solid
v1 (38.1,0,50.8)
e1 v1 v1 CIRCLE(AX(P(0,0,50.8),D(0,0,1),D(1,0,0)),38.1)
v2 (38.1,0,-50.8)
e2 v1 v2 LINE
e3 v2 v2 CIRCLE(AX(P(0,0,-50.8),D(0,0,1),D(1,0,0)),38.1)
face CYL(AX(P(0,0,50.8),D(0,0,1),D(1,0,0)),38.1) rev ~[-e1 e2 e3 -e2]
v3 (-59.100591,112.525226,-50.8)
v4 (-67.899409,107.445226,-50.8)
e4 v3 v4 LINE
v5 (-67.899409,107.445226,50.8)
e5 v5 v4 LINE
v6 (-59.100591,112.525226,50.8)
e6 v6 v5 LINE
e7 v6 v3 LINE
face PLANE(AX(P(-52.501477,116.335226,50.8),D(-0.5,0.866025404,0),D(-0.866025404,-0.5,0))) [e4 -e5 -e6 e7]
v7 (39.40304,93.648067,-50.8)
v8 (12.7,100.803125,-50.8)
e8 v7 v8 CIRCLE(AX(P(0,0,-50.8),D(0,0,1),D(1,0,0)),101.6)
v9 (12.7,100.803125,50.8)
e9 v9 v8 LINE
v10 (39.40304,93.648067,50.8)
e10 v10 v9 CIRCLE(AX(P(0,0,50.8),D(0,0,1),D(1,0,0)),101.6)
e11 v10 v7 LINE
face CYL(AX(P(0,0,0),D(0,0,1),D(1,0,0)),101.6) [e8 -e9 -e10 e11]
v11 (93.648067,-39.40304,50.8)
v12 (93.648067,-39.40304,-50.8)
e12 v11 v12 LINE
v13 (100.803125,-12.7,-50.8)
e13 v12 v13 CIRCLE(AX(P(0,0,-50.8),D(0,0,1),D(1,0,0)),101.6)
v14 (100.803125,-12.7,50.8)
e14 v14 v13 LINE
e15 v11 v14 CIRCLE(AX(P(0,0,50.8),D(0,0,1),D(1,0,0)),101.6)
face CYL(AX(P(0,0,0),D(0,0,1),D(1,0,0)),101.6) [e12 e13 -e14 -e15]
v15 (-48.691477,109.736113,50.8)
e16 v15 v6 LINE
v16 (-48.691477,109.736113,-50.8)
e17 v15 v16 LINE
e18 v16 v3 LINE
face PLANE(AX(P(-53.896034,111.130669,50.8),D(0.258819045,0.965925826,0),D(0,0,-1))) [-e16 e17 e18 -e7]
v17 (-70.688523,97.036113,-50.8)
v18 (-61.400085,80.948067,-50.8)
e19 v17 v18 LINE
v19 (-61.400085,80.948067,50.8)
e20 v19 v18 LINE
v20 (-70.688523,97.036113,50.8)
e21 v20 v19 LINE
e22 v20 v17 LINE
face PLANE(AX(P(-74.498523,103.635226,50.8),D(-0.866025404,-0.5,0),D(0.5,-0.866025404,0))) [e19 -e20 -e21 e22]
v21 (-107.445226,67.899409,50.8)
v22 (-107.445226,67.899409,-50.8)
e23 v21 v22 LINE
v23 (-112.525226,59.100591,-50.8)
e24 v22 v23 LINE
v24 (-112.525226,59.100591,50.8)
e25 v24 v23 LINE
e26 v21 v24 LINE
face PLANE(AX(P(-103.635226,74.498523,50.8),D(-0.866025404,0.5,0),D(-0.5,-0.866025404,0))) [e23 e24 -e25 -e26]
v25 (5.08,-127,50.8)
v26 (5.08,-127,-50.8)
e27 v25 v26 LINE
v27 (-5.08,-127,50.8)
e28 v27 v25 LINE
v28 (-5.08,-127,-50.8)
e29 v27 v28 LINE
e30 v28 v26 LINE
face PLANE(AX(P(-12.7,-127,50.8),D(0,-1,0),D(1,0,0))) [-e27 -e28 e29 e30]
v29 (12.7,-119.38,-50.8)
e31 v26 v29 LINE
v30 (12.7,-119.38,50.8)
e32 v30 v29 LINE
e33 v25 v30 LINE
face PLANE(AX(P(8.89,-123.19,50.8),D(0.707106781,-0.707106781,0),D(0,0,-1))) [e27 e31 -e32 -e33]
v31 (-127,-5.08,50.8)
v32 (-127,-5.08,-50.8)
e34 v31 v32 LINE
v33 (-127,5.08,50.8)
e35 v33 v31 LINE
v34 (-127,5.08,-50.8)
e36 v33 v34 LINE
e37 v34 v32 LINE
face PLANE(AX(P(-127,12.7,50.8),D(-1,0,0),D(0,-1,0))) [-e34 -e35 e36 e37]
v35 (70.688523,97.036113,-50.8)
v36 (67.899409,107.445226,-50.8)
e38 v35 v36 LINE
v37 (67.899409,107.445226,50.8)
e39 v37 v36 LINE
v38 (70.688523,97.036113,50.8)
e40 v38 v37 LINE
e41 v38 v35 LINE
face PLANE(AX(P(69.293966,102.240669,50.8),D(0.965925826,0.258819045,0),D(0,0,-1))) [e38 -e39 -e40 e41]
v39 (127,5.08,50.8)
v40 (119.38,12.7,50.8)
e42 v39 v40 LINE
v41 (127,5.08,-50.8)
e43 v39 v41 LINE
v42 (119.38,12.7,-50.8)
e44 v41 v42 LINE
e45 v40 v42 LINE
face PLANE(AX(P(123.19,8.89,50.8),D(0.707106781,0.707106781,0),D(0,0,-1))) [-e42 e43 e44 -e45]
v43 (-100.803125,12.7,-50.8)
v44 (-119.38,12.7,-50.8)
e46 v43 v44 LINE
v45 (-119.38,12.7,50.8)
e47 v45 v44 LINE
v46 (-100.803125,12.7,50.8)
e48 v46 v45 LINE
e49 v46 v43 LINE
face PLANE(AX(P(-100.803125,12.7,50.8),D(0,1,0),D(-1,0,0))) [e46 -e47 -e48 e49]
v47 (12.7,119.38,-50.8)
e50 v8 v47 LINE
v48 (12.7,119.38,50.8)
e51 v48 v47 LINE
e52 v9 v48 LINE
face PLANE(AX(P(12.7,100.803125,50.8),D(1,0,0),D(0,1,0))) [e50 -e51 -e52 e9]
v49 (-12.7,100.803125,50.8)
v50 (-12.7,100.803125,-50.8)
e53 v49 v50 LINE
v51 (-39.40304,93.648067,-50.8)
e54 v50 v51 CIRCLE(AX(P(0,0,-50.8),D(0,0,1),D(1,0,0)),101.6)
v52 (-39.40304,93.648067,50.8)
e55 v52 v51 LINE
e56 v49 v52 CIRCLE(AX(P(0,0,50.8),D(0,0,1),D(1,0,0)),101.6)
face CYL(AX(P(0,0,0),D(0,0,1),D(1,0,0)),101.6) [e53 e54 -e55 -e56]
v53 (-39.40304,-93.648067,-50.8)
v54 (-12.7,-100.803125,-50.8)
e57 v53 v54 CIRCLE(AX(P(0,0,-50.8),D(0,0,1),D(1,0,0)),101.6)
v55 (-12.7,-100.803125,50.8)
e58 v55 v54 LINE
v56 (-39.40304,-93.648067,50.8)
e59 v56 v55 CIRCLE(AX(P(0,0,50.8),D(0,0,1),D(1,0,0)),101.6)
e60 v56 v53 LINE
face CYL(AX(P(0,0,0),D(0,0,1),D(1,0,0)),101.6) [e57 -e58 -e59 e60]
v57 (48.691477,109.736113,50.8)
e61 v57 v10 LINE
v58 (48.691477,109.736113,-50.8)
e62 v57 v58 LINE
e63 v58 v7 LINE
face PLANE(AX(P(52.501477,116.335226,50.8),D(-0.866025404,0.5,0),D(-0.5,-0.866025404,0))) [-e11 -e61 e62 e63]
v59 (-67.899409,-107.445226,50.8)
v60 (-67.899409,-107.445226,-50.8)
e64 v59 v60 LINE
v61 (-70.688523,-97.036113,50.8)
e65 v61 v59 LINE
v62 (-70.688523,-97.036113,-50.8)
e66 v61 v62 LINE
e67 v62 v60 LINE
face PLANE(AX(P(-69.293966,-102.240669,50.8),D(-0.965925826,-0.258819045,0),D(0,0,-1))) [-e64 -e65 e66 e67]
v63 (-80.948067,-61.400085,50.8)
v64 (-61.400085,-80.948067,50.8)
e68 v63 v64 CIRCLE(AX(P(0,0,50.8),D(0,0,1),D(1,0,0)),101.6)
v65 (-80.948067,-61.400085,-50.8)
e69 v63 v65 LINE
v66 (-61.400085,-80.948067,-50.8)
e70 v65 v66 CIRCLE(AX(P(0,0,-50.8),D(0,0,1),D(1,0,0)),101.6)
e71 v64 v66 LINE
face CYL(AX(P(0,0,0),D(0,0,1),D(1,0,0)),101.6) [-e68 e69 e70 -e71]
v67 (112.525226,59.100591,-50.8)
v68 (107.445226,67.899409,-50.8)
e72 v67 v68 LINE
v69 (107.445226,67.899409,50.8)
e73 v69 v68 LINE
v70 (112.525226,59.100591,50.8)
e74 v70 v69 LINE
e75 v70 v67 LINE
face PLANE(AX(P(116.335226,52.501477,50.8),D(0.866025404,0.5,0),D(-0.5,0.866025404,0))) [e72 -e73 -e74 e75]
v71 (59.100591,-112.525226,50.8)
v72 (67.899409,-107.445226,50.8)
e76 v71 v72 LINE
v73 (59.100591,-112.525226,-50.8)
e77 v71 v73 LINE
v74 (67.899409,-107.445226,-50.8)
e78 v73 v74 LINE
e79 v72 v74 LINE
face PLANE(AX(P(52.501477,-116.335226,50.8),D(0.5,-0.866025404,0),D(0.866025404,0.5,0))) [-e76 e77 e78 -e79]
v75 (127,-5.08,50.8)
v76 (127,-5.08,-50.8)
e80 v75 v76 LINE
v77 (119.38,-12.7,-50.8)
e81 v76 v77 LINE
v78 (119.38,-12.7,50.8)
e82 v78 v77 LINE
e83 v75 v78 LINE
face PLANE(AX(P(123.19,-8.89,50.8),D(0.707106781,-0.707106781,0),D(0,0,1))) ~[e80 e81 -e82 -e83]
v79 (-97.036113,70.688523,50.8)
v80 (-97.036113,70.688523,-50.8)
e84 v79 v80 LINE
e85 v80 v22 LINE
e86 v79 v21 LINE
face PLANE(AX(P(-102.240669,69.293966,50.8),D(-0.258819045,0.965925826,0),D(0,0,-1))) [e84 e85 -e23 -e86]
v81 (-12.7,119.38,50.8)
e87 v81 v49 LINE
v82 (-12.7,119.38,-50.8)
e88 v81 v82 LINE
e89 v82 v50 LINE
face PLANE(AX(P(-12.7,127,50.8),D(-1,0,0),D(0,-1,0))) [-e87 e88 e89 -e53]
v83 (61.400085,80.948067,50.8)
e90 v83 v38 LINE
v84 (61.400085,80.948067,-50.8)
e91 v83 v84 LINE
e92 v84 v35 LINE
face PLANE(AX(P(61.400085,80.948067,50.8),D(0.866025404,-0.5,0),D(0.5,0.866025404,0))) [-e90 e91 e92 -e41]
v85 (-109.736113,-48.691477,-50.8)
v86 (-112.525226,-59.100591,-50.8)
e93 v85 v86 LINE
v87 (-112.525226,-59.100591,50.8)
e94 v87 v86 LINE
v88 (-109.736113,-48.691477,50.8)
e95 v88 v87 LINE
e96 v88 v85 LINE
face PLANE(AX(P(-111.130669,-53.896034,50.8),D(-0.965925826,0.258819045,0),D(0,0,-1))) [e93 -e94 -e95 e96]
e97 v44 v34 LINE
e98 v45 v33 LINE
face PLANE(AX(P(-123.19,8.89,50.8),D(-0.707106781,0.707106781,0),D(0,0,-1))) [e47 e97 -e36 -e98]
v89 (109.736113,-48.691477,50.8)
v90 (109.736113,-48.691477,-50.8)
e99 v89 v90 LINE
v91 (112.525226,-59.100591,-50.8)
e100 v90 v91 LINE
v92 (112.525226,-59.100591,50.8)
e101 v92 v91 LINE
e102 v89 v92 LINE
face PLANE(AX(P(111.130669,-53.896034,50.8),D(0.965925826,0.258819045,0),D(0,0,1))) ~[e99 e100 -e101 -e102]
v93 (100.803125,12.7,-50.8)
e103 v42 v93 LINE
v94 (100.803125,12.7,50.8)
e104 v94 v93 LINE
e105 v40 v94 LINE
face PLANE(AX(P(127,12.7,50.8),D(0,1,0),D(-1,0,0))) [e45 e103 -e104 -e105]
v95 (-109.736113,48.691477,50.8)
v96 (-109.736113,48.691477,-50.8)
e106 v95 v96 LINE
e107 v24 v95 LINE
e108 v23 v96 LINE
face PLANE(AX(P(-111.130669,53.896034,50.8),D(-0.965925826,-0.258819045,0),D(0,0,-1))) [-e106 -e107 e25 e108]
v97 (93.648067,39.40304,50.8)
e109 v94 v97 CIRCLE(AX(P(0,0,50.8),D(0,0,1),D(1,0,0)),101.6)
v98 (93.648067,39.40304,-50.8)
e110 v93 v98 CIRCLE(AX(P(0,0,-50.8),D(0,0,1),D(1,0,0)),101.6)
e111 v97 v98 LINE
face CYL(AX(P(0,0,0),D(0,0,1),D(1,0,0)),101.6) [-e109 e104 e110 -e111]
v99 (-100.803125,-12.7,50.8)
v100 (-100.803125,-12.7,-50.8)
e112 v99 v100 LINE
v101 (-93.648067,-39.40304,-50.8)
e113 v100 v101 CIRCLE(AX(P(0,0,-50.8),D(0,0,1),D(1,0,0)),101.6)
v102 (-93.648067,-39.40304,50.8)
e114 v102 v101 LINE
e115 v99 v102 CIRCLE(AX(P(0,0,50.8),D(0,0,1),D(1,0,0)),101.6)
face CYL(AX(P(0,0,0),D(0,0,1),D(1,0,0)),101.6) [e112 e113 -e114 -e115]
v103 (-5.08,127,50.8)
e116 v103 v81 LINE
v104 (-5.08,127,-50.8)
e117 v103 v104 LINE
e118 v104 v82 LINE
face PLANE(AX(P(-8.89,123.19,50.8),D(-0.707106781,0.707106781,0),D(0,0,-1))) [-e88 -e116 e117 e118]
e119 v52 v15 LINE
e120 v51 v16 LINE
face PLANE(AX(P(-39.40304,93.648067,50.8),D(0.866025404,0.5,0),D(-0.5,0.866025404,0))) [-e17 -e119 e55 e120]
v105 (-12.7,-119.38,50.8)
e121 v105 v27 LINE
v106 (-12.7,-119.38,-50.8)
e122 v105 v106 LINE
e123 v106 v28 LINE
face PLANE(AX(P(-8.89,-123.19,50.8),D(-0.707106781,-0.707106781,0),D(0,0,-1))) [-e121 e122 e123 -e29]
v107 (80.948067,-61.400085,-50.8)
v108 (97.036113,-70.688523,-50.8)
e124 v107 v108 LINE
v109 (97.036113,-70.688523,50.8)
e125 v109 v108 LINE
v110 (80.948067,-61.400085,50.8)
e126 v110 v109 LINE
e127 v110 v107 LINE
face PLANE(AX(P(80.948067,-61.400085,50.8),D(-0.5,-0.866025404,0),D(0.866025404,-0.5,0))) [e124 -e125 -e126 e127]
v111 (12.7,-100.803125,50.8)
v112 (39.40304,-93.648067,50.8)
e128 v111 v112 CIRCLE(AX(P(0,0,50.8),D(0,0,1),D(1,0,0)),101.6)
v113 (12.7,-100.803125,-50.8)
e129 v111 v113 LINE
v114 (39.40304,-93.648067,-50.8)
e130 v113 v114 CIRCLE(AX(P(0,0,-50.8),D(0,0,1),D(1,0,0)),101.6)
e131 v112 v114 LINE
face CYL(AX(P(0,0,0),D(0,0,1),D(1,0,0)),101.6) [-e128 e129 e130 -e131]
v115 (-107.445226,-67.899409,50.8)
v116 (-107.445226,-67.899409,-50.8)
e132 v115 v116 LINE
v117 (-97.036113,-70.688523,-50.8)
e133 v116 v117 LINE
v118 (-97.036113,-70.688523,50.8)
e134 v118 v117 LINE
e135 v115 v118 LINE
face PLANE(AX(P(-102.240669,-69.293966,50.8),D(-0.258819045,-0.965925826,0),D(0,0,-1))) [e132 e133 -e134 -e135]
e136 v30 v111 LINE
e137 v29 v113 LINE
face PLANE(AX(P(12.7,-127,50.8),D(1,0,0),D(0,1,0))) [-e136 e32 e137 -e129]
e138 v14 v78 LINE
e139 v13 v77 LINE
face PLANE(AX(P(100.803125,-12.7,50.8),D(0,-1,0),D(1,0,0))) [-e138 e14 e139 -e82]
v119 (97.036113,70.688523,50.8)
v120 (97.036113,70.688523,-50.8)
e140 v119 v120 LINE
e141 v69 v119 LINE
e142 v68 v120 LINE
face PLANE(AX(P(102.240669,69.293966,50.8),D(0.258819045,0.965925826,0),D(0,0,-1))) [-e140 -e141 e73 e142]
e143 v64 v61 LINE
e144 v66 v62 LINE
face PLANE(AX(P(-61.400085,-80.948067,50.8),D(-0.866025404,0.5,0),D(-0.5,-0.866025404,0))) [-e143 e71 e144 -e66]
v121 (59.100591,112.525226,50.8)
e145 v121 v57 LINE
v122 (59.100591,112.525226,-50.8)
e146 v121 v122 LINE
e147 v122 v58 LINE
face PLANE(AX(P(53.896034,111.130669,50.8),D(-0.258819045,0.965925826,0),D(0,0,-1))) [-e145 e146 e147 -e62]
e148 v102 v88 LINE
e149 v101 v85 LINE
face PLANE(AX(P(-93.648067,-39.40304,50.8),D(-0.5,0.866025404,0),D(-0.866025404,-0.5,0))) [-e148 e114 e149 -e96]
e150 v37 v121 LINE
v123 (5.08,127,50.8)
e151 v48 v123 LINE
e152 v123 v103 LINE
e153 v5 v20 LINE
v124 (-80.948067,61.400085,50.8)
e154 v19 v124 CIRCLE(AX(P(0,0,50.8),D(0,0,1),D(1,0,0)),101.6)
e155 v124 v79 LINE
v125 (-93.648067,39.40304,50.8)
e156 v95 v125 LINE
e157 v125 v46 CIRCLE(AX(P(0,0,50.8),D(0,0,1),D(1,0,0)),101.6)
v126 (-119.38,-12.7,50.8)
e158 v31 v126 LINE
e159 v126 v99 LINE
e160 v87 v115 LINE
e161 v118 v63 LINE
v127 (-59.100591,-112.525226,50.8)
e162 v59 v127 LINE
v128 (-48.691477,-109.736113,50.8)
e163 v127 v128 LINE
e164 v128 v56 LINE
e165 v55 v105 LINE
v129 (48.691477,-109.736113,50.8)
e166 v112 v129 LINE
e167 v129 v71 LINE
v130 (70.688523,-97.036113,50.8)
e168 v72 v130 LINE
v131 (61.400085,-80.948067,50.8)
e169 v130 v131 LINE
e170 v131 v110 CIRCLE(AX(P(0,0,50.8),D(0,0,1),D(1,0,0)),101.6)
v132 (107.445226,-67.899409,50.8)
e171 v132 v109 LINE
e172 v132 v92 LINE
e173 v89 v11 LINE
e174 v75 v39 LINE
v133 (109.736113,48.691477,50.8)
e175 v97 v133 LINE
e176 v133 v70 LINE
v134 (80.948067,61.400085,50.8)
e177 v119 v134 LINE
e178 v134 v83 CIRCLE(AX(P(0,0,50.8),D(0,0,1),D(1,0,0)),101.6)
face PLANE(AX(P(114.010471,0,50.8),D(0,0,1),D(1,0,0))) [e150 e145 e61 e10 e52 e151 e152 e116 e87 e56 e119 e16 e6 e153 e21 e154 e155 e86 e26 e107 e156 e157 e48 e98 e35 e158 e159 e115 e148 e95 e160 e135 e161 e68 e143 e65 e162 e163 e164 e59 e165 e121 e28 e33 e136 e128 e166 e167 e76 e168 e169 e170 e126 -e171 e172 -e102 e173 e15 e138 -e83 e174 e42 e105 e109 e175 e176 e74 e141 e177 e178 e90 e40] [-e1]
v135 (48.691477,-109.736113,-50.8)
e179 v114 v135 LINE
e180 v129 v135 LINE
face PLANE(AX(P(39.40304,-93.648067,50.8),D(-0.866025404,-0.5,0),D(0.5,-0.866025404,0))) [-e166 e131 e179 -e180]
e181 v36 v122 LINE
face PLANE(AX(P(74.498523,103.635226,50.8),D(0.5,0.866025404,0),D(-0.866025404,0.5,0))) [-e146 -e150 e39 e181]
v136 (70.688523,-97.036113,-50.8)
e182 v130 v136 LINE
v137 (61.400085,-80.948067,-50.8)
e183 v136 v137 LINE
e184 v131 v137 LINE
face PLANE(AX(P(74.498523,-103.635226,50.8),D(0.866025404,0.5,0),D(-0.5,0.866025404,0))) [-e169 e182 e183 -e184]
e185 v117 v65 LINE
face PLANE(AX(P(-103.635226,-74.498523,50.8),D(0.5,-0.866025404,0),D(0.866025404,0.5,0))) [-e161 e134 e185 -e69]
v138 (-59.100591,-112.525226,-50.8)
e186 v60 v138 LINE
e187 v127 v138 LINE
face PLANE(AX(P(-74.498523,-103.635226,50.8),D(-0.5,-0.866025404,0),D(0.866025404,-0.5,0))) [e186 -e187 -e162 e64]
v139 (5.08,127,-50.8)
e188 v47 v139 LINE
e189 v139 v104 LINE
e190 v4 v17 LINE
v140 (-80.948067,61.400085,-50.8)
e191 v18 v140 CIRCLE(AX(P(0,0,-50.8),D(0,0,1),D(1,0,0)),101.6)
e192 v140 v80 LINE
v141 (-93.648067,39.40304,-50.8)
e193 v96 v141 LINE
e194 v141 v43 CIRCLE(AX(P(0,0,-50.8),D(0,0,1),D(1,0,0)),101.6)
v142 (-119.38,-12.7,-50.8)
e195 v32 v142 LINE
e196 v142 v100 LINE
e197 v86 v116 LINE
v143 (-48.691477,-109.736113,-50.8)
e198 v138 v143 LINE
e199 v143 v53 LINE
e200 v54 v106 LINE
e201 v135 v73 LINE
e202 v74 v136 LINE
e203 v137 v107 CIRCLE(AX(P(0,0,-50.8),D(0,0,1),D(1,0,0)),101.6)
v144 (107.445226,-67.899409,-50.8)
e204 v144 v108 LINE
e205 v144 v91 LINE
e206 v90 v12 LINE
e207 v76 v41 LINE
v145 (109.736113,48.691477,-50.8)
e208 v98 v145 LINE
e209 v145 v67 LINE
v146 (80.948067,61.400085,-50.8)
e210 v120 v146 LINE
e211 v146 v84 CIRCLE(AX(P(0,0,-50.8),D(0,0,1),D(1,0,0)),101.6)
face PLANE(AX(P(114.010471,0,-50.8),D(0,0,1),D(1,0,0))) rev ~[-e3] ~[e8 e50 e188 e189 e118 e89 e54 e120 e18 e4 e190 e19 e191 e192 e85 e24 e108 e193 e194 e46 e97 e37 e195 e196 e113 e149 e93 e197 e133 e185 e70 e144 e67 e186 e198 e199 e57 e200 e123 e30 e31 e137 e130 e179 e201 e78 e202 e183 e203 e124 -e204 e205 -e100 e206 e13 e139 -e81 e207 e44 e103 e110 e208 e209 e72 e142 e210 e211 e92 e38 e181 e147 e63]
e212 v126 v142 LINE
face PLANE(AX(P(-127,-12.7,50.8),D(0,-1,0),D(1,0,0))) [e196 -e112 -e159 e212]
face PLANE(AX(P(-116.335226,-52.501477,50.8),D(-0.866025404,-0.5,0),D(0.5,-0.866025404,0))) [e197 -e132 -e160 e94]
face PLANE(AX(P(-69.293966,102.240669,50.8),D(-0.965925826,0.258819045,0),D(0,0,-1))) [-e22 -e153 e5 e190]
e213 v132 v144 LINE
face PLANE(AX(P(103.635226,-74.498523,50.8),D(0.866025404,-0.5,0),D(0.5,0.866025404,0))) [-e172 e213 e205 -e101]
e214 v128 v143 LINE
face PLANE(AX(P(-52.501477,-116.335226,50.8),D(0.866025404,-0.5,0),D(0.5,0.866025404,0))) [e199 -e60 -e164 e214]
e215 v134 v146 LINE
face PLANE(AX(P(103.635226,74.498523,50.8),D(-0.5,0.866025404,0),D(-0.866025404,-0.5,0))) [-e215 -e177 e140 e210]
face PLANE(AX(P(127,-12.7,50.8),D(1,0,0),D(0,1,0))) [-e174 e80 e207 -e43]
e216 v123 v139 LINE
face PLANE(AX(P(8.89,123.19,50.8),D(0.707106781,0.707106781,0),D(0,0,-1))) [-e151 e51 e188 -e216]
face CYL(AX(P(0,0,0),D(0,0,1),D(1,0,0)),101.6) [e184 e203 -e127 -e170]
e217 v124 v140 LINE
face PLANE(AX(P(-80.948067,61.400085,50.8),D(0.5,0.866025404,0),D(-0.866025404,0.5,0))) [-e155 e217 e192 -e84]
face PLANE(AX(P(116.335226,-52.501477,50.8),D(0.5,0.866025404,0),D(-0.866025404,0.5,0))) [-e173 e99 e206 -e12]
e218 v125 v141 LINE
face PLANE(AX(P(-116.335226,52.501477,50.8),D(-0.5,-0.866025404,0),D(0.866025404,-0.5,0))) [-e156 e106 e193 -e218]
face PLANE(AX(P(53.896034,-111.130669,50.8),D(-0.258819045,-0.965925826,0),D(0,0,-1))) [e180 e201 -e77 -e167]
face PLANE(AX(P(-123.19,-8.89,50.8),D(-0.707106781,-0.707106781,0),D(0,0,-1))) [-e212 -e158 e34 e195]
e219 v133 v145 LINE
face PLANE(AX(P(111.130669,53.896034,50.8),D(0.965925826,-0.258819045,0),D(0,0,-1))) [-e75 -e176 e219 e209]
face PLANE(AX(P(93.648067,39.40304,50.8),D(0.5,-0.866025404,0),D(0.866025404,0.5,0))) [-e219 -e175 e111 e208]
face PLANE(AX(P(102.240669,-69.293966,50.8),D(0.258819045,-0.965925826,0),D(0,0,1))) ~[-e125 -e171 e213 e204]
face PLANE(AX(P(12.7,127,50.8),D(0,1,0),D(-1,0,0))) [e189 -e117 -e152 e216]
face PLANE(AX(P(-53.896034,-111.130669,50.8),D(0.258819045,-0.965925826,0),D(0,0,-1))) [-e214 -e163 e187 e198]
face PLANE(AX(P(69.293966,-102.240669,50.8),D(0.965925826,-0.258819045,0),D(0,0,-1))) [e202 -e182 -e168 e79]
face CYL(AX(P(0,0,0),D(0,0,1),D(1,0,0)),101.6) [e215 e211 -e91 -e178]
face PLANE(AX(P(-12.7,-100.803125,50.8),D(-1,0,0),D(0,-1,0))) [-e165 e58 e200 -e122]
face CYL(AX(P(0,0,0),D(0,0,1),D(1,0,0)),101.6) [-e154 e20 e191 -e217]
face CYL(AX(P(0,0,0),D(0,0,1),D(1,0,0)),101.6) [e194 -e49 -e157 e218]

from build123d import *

# Parameters (mm, degrees)
SKETCH1_R           = 101.6
BOSS_EXTRUDE1_DEPTH = 50.8
BOSS_EXTRUDE2_DEPTH = 101.6
CHAMFER1_SIZE       = 7.62
SKETCH3_R           = 38.1
CUT_EXTRUDE1_DEPTH  = 102.6


with BuildPart() as part:
    # Sketch1 → Boss-Extrude1 (new body, symmetric)
    with BuildSketch(Plane.XY):
        Circle(SKETCH1_R)
    extrude(amount=BOSS_EXTRUDE1_DEPTH, both=True)

    # Sketch2 → Boss-Extrude2 (add, through all)
    with BuildSketch(Plane.XY.offset(50.8)):
        with BuildLine():
            Line((74.498522628, 103.635226281), (52.501477372, 116.335226281))
            Line((52.501477372, 116.335226281), (39.403039848, 93.648066989))
            ThreePointArc((39.403039848, 93.648066989), (50.8, 87.988181024), (61.400085104, 80.948066989))
            Line((61.400085104, 80.948066989), (74.498522628, 103.635226281))
        make_face()
        with BuildLine():
            Line((12.7, 100.803124952), (12.7, 127))
            Line((12.7, 127), (-12.7, 127))
            Line((-12.7, 127), (-12.7, 100.803124952))
            ThreePointArc((-12.7, 100.803124952), (0, 101.6), (12.7, 100.803124952))
        make_face()
        with BuildLine():
            Line((116.335226281, 52.501477372), (103.635226281, 74.498522628))
            Line((103.635226281, 74.498522628), (80.948066989, 61.400085104))
            ThreePointArc((80.948066989, 61.400085104), (87.988181024, 50.8), (93.648066989, 39.403039848))
            Line((93.648066989, 39.403039848), (116.335226281, 52.501477372))
        make_face()
        with BuildLine():
            Line((127, -12.7), (127, 12.7))
            Line((127, 12.7), (100.803124952, 12.7))
            ThreePointArc((100.803124952, 12.7), (101.6, 0), (100.803124952, -12.7))
            Line((100.803124952, -12.7), (127, -12.7))
        make_face()
        with BuildLine():
            Line((103.635226281, -74.498522628), (116.335226281, -52.501477372))
            Line((116.335226281, -52.501477372), (93.648066989, -39.403039848))
            ThreePointArc((93.648066989, -39.403039848), (87.988181024, -50.8), (80.948066989, -61.400085104))
            Line((80.948066989, -61.400085104), (103.635226281, -74.498522628))
        make_face()
        with BuildLine():
            Line((52.501477372, -116.335226281), (74.498522628, -103.635226281))
            Line((74.498522628, -103.635226281), (61.400085104, -80.948066989))
            ThreePointArc((61.400085104, -80.948066989), (50.8, -87.988181024), (39.403039848, -93.648066989))
            Line((39.403039848, -93.648066989), (52.501477372, -116.335226281))
        make_face()
        with BuildLine():
            Line((-12.7, -127), (12.7, -127))
            Line((12.7, -127), (12.7, -100.803124952))
            ThreePointArc((12.7, -100.803124952), (0, -101.6), (-12.7, -100.803124952))
            Line((-12.7, -100.803124952), (-12.7, -127))
        make_face()
        with BuildLine():
            Line((-74.498522628, -103.635226281), (-52.501477372, -116.335226281))
            Line((-52.501477372, -116.335226281), (-39.403039848, -93.648066989))
            ThreePointArc((-39.403039848, -93.648066989), (-50.8, -87.988181024), (-61.400085104, -80.948066989))
            Line((-61.400085104, -80.948066989), (-74.498522628, -103.635226281))
        make_face()
        with BuildLine():
            Line((-116.335226281, -52.501477372), (-103.635226281, -74.498522628))
            Line((-103.635226281, -74.498522628), (-80.948066989, -61.400085104))
            ThreePointArc((-80.948066989, -61.400085104), (-87.988181024, -50.8), (-93.648066989, -39.403039848))
            Line((-93.648066989, -39.403039848), (-116.335226281, -52.501477372))
        make_face()
        with BuildLine():
            Line((-127, 12.7), (-127, -12.7))
            Line((-127, -12.7), (-100.803124952, -12.7))
            ThreePointArc((-100.803124952, -12.7), (-101.6, 0), (-100.803124952, 12.7))
            Line((-100.803124952, 12.7), (-127, 12.7))
        make_face()
        with BuildLine():
            Line((-103.635226281, 74.498522628), (-116.335226281, 52.501477372))
            Line((-116.335226281, 52.501477372), (-93.648066989, 39.403039848))
            ThreePointArc((-93.648066989, 39.403039848), (-87.988181024, 50.8), (-80.948066989, 61.400085104))
            Line((-80.948066989, 61.400085104), (-103.635226281, 74.498522628))
        make_face()
        with BuildLine():
            Line((-52.501477372, 116.335226281), (-74.498522628, 103.635226281))
            Line((-74.498522628, 103.635226281), (-61.400085104, 80.948066989))
            ThreePointArc((-61.400085104, 80.948066989), (-50.8, 87.988181024), (-39.403039848, 93.648066989))
            Line((-39.403039848, 93.648066989), (-52.501477372, 116.335226281))
        make_face()
    extrude(amount=-BOSS_EXTRUDE2_DEPTH)

    # Chamfer1
    chamfer1_edges = [part.edges().sort_by_distance(p)[0] for p in [
        (-127, -12.7, 0),
        (-127, 12.7, 0),
        (-116.335226281, 52.501477372, 0),
        (-103.635226281, 74.498522628, 0),
        (-74.498522628, 103.635226281, 0),
        (-52.501477372, 116.335226281, 0),
        (52.501477372, 116.335226281, 0),
        (74.498522628, 103.635226281, 0),
        (103.635226281, 74.498522628, 0),
        (116.335226281, 52.501477372, 0),
        (127, 12.7, 0),
        (127, -12.7, 0),
        (116.335226281, -52.501477372, 0),
        (103.635226281, -74.498522628, 0),
        (74.498522628, -103.635226281, 0),
        (52.501477372, -116.335226281, 0),
        (12.7, -127, 0),
        (-12.7, -127, 0),
        (-12.7, 127, 0),
        (12.7, 127, 0),
        (-52.501477372, -116.335226281, 0),
        (-74.498522628, -103.635226281, 0),
        (-103.635226281, -74.498522628, 0),
        (-116.335226281, -52.501477372, 0),
    ]]
    chamfer(chamfer1_edges, length=CHAMFER1_SIZE)

    # Sketch3 → Cut-Extrude1 (cut, through all)
    with BuildSketch(Plane.XY.offset(50.8)):
        Circle(SKETCH3_R)
    extrude(amount=-CUT_EXTRUDE1_DEPTH, mode=Mode.SUBTRACT)


solid = part.part
